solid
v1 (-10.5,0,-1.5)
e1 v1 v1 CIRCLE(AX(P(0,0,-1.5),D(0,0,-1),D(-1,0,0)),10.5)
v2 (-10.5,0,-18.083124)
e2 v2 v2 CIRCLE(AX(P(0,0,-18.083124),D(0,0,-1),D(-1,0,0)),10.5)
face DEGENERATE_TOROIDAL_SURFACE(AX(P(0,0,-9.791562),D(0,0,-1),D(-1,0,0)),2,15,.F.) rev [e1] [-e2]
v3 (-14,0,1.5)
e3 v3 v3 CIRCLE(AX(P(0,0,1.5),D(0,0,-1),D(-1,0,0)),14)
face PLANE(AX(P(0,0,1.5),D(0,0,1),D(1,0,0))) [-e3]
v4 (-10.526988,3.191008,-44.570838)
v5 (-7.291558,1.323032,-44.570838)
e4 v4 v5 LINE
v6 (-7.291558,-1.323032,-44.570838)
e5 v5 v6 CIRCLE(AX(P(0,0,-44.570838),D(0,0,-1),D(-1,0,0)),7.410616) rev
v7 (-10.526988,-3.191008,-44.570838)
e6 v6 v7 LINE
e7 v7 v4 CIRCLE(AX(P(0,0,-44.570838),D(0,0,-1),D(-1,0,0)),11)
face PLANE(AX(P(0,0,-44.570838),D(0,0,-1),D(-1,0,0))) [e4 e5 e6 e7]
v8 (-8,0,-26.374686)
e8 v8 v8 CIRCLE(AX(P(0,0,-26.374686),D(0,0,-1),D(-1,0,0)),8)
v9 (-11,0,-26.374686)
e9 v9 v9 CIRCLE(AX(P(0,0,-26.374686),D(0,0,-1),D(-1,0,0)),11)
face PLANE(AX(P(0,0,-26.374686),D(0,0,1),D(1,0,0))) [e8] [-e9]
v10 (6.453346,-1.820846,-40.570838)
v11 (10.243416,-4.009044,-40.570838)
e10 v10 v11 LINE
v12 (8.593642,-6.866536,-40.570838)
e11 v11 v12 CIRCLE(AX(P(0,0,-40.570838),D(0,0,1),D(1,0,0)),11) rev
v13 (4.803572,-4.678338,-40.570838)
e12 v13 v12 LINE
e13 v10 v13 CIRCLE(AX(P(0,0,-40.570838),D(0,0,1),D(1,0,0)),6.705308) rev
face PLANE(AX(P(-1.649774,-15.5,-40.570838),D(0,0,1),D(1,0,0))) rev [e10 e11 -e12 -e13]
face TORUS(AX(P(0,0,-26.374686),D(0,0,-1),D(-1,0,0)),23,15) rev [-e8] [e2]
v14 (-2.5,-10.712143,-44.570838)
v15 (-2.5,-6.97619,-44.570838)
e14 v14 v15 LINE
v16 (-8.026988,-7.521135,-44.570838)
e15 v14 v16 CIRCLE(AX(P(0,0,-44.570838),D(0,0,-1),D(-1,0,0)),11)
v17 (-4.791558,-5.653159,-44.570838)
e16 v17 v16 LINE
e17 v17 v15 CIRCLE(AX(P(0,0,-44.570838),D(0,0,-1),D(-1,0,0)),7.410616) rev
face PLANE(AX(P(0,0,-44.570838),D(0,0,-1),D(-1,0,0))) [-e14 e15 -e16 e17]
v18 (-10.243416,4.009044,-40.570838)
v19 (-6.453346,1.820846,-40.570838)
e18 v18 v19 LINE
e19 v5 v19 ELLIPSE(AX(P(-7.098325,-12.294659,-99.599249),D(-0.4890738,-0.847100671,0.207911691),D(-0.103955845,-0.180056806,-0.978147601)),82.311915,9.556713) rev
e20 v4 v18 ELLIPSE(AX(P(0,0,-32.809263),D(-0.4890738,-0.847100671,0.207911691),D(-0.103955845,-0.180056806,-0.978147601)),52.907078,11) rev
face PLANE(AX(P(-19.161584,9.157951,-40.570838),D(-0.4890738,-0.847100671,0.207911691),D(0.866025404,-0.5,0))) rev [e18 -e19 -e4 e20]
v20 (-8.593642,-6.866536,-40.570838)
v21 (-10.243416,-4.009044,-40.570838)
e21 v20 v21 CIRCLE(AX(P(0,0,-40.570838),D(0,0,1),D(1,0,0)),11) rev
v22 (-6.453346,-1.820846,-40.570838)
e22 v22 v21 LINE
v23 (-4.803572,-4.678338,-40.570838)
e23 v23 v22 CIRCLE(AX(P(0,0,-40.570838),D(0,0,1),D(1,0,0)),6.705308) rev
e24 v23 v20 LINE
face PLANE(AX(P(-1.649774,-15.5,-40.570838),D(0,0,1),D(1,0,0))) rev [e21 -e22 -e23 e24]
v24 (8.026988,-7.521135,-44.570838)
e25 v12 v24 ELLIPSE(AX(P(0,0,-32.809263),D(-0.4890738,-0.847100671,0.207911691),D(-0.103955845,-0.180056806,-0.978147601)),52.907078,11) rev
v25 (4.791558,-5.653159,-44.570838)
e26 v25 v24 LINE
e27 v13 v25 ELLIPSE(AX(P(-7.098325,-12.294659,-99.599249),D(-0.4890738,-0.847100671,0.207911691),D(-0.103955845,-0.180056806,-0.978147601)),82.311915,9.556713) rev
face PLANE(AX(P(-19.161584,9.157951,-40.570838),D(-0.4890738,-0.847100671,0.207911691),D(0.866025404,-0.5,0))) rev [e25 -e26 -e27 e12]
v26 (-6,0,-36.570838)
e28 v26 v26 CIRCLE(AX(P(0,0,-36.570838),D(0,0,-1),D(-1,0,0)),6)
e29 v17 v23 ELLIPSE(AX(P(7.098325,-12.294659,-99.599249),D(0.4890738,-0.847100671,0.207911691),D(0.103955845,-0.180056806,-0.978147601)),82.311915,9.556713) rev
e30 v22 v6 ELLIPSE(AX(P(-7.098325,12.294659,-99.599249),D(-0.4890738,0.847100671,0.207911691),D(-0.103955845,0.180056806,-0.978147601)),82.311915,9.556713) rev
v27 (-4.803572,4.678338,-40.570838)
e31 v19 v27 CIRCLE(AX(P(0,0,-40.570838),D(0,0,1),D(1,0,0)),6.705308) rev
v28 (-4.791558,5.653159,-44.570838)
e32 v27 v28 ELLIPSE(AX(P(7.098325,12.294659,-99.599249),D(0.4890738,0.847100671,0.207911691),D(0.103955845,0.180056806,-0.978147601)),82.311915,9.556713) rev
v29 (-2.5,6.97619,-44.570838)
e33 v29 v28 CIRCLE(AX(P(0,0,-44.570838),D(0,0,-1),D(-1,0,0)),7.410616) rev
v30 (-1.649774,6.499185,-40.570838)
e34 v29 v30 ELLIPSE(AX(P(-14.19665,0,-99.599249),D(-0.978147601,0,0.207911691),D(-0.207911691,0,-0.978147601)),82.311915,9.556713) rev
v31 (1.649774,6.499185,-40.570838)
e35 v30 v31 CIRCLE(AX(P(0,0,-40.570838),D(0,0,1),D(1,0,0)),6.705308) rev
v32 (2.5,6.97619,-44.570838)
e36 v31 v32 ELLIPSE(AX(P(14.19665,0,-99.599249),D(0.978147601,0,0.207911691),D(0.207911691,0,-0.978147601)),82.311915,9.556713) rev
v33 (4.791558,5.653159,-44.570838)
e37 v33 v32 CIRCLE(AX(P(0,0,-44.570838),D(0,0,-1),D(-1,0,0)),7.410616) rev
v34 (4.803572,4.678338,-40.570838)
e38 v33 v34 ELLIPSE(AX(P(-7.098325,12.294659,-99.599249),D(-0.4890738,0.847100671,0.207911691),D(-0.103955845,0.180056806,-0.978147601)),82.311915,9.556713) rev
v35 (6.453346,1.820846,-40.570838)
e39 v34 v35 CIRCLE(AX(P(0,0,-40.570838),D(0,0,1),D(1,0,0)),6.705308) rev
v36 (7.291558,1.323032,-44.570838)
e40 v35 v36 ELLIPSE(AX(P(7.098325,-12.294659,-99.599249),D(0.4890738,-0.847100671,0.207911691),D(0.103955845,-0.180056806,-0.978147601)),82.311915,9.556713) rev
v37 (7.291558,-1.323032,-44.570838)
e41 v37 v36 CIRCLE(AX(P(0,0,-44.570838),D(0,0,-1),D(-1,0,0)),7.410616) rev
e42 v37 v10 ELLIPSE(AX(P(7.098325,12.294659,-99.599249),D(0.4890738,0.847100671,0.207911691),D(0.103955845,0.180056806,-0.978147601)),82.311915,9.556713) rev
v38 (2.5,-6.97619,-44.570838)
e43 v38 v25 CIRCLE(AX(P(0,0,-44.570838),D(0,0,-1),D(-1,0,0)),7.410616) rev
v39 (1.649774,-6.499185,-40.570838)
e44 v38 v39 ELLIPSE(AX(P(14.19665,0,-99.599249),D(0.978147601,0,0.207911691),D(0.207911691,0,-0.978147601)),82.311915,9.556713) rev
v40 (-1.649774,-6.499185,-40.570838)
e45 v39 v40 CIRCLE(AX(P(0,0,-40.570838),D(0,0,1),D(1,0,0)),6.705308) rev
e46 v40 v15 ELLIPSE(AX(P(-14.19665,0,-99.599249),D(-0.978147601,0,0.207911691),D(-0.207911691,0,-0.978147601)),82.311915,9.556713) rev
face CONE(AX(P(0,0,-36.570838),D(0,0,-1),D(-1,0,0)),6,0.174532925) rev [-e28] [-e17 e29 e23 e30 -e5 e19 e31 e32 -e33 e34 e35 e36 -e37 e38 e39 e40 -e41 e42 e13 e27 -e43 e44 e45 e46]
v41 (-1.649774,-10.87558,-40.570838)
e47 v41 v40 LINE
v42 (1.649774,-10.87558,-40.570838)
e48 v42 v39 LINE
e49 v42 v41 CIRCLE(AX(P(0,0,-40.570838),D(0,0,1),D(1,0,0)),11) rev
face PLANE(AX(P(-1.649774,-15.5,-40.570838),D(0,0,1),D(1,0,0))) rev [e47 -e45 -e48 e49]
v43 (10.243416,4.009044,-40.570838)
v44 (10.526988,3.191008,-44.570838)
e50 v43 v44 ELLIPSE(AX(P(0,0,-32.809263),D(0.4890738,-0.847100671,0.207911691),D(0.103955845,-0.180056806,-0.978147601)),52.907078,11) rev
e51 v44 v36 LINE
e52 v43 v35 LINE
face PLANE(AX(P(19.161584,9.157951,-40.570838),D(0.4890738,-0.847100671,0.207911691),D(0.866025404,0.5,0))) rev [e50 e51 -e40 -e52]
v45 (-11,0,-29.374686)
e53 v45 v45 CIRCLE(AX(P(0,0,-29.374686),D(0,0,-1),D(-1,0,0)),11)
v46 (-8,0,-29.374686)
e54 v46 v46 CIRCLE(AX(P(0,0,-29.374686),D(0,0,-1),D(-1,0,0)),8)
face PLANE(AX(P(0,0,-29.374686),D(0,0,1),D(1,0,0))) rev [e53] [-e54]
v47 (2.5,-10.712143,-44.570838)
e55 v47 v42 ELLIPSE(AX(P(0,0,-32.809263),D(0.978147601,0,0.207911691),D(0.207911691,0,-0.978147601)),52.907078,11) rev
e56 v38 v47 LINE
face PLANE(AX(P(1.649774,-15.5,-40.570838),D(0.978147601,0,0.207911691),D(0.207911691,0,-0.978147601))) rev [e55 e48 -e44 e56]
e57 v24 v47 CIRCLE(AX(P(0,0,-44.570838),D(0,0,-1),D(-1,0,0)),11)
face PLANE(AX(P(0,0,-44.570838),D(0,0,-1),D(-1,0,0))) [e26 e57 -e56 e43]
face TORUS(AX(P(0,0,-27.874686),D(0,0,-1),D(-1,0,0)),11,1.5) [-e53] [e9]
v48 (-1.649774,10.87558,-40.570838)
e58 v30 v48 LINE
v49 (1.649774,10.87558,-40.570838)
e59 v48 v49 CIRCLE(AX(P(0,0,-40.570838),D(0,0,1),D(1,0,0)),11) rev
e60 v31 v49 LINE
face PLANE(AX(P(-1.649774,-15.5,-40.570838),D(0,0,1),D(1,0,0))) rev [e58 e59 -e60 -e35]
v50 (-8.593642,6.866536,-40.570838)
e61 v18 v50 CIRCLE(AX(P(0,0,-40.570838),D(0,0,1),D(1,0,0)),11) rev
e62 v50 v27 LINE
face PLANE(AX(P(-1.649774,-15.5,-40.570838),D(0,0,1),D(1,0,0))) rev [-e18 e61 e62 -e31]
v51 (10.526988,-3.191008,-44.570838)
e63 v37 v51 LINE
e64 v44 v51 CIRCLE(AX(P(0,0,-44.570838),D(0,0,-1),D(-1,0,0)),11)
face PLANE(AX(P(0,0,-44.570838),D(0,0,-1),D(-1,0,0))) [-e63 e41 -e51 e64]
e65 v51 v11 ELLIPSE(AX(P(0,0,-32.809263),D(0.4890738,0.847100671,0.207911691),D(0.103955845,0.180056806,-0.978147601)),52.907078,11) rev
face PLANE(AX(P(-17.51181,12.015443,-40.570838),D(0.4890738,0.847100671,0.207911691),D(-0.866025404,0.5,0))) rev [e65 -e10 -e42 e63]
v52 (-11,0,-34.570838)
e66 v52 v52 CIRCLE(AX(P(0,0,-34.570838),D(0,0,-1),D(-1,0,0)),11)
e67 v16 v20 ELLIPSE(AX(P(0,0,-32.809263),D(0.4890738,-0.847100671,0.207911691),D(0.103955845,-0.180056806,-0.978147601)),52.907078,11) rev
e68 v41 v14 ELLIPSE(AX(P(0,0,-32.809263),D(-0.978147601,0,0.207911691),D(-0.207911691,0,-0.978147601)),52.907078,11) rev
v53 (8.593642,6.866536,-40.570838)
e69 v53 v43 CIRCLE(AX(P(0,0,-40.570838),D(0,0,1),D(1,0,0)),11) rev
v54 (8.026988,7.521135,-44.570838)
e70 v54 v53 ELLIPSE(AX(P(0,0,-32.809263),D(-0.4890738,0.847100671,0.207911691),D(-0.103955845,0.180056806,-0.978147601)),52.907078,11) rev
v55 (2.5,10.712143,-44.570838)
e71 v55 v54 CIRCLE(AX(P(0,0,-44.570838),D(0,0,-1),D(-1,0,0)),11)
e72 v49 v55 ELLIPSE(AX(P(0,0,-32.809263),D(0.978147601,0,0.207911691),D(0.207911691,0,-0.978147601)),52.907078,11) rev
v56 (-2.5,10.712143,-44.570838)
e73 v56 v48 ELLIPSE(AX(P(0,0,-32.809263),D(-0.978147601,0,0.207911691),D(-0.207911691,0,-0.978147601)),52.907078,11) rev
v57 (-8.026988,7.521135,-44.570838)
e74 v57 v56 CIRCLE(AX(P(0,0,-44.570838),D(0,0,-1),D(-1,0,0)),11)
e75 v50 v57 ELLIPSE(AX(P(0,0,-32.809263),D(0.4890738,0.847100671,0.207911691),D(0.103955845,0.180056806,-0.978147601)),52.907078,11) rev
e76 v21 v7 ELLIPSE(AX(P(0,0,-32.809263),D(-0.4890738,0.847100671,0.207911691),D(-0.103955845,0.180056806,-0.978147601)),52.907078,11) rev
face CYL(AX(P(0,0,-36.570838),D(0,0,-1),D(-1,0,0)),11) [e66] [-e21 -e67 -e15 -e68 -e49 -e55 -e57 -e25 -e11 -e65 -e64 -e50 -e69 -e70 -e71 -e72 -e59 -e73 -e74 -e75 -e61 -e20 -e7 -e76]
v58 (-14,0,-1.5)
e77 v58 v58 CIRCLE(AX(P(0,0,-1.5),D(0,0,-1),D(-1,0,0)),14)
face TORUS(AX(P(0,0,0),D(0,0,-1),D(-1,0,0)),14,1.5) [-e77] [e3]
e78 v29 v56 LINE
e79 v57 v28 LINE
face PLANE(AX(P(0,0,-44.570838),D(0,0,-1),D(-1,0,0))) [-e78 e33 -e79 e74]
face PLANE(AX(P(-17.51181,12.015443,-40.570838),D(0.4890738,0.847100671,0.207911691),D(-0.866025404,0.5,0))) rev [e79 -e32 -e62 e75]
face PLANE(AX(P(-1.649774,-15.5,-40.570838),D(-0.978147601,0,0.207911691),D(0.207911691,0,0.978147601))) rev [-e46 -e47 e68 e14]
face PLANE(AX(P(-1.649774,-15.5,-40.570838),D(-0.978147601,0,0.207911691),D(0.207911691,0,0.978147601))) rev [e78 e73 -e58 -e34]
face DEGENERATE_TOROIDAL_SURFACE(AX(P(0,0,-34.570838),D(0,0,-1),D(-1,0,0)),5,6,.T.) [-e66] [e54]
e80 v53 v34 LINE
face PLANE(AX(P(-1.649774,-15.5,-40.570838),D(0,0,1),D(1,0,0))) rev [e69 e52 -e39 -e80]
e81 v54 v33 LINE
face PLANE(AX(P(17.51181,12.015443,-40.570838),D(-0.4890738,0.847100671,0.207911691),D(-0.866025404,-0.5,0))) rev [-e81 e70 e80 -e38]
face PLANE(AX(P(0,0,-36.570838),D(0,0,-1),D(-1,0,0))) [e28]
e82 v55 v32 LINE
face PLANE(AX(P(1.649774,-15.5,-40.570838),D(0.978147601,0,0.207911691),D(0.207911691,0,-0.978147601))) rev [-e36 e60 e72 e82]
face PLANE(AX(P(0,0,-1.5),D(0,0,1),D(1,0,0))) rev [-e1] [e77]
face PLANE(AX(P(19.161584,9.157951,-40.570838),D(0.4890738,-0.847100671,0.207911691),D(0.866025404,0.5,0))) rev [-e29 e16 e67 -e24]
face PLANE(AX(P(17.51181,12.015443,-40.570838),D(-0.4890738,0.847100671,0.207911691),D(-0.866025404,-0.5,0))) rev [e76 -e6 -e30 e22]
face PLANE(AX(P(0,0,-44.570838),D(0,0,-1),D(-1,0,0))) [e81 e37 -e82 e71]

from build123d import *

# Parameters (mm, degrees)
SKETCH5_R           = 11
BOSS_EXTRUDE1_DEPTH = 8
CUT_EXTRUDE1_DEPTH  = 16.5000001
CIRPATTERN1_COUNT   = 3


with BuildPart() as part:
    # Sketch1 → Revolve2 (revolve)
    with BuildSketch(Plane(origin=(0, 0, 0), x_dir=(1, 0, 0), z_dir=(0, 1, 0))):
        with BuildLine():
            ThreePointArc((-11.874240636, -1.5), (-13.259434586, -0.119297362), (-14.45321304, 1.429894381))
            ThreePointArc((-14.45321304, 1.429894381), (-15.482369989, -0.22930158), (-14, -1.5))
            Line((-14, -1.5), (-11.874240636, -1.5))
        make_face()
        with BuildLine():
            Line((-10.5, 1.5), (-14, 1.5))
            ThreePointArc((-14, 1.5), (-14.22930158, 1.482369989), (-14.45321304, 1.429894381))
            ThreePointArc((-14.45321304, 1.429894381), (-13.259434586, -0.119297362), (-11.874240636, -1.5))
            Line((-11.874240636, -1.5), (-7.874240636, -1.5))
            ThreePointArc((-7.874240636, -1.5), (-9.287234427, -0.087625186), (-10.5, 1.5))
        make_face()
        with BuildLine():
            Line((0, 1.5), (-10.5, 1.5))
            ThreePointArc((-10.5, 1.5), (-9.287234427, -0.087625186), (-7.874240636, -1.5))
            Line((-7.874240636, -1.5), (0, -1.5))
            Line((0, -1.5), (0, 0))
            Line((0, 0), (0, 1.5))
        make_face()
        with BuildLine():
            ThreePointArc((-10.499999775, 18.083124291), (-13, 9.79156218), (-10.5, 1.5))
            Line((-10.5, 1.5), (0, 1.5))
            Line((0, 1.5), (0, 24.657630723))
            ThreePointArc((0, 24.657630723), (-5.96043542, 22.504998487), (-10.499999775, 18.083124291))
        make_face()
        with BuildLine():
            ThreePointArc((-8.296715836, 23.405942964), (-9.140426773, 20.63776777), (-10.499999775, 18.083124291))
            ThreePointArc((-10.499999775, 18.083124291), (-5.96043542, 22.504998487), (0, 24.657630723))
            ThreePointArc((0, 24.657630723), (-4.237660007, 24.623718855), (-8.296715836, 23.405942964))
        make_face()
        with BuildLine():
            ThreePointArc((-8, 26.374685928), (-8.074363289, 24.882918932), (-8.296715836, 23.405942964))
            ThreePointArc((-8.296715836, 23.405942964), (-4.237660007, 24.623718855), (0, 24.657630723))
            Line((0, 24.657630723), (0, 26.374685928))
            Line((0, 26.374685928), (-8, 26.374685928))
        make_face()
        with BuildLine():
            Line((-11, 26.374685928), (-8, 26.374685928))
            Line((-8, 26.374685928), (0, 26.374685928))
            Line((0, 26.374685928), (0, 29.374685928))
            Line((0, 29.374685928), (-8, 29.374685928))
            Line((-8, 29.374685928), (-11, 29.374685928))
            ThreePointArc((-11, 29.374685928), (-12.5, 27.874685928), (-11, 26.374685928))
        make_face()
        with BuildLine():
            Line((-8, 29.374685928), (0, 29.374685928))
            Line((0, 29.374685928), (0, 36.57083835))
            Line((0, 36.57083835), (-11, 36.57083835))
            Line((-11, 36.57083835), (-11, 34.57083835))
            ThreePointArc((-11, 34.57083835), (-10.196152423, 31.57083835), (-8, 29.374685928))
        make_face()
    revolve(axis=Axis((0, 0, -36.57083835), (0, 0, 1)))

    # Sketch5 → Boss-Extrude1 (add)
    with BuildSketch(Plane(origin=(0, 0, -36.57083835), x_dir=(-1, 0, 0), z_dir=(0, 0, -1))):
        Circle(SKETCH5_R)
    extrude(amount=BOSS_EXTRUDE1_DEPTH)

    # Sketch6 → Cut-Extrude1 (cut, symmetric)
    with BuildSketch(Plane(origin=(0, 0, 0), x_dir=(1, 0, 0), z_dir=(0, 1, 0))):
        Polygon((-2.5, 44.57083835), (2.5, 44.57083835), (1.649773753, 40.57083835), (-1.649773753, 40.57083835), align=None)
    cut_extrude1 = extrude(amount=CUT_EXTRUDE1_DEPTH, both=True, mode=Mode.SUBTRACT)

    # CirPattern1: Cut-Extrude1 ×3 about axis
    cirpattern1_axis = Axis((0, 0, 0), (0, 0, 1))
    for i in range(1, CIRPATTERN1_COUNT):
        add(cut_extrude1.rotate(cirpattern1_axis, i * 360 / CIRPATTERN1_COUNT), mode=Mode.SUBTRACT)

    # Sketch7 → Cut-Revolve1 (revolve, cut)
    with BuildSketch(Plane(origin=(0, 0, 0), x_dir=(1, 0, 0), z_dir=(0, 1, 0))):
        Polygon((0, 36.57083835), (6, 36.57083835), (9.549821519, 56.702876593), (0, 56.702876593), align=None)
    revolve(axis=Axis((0, 0, -40.57083835), (0, 0, 1)), mode=Mode.SUBTRACT)


solid = part.part
